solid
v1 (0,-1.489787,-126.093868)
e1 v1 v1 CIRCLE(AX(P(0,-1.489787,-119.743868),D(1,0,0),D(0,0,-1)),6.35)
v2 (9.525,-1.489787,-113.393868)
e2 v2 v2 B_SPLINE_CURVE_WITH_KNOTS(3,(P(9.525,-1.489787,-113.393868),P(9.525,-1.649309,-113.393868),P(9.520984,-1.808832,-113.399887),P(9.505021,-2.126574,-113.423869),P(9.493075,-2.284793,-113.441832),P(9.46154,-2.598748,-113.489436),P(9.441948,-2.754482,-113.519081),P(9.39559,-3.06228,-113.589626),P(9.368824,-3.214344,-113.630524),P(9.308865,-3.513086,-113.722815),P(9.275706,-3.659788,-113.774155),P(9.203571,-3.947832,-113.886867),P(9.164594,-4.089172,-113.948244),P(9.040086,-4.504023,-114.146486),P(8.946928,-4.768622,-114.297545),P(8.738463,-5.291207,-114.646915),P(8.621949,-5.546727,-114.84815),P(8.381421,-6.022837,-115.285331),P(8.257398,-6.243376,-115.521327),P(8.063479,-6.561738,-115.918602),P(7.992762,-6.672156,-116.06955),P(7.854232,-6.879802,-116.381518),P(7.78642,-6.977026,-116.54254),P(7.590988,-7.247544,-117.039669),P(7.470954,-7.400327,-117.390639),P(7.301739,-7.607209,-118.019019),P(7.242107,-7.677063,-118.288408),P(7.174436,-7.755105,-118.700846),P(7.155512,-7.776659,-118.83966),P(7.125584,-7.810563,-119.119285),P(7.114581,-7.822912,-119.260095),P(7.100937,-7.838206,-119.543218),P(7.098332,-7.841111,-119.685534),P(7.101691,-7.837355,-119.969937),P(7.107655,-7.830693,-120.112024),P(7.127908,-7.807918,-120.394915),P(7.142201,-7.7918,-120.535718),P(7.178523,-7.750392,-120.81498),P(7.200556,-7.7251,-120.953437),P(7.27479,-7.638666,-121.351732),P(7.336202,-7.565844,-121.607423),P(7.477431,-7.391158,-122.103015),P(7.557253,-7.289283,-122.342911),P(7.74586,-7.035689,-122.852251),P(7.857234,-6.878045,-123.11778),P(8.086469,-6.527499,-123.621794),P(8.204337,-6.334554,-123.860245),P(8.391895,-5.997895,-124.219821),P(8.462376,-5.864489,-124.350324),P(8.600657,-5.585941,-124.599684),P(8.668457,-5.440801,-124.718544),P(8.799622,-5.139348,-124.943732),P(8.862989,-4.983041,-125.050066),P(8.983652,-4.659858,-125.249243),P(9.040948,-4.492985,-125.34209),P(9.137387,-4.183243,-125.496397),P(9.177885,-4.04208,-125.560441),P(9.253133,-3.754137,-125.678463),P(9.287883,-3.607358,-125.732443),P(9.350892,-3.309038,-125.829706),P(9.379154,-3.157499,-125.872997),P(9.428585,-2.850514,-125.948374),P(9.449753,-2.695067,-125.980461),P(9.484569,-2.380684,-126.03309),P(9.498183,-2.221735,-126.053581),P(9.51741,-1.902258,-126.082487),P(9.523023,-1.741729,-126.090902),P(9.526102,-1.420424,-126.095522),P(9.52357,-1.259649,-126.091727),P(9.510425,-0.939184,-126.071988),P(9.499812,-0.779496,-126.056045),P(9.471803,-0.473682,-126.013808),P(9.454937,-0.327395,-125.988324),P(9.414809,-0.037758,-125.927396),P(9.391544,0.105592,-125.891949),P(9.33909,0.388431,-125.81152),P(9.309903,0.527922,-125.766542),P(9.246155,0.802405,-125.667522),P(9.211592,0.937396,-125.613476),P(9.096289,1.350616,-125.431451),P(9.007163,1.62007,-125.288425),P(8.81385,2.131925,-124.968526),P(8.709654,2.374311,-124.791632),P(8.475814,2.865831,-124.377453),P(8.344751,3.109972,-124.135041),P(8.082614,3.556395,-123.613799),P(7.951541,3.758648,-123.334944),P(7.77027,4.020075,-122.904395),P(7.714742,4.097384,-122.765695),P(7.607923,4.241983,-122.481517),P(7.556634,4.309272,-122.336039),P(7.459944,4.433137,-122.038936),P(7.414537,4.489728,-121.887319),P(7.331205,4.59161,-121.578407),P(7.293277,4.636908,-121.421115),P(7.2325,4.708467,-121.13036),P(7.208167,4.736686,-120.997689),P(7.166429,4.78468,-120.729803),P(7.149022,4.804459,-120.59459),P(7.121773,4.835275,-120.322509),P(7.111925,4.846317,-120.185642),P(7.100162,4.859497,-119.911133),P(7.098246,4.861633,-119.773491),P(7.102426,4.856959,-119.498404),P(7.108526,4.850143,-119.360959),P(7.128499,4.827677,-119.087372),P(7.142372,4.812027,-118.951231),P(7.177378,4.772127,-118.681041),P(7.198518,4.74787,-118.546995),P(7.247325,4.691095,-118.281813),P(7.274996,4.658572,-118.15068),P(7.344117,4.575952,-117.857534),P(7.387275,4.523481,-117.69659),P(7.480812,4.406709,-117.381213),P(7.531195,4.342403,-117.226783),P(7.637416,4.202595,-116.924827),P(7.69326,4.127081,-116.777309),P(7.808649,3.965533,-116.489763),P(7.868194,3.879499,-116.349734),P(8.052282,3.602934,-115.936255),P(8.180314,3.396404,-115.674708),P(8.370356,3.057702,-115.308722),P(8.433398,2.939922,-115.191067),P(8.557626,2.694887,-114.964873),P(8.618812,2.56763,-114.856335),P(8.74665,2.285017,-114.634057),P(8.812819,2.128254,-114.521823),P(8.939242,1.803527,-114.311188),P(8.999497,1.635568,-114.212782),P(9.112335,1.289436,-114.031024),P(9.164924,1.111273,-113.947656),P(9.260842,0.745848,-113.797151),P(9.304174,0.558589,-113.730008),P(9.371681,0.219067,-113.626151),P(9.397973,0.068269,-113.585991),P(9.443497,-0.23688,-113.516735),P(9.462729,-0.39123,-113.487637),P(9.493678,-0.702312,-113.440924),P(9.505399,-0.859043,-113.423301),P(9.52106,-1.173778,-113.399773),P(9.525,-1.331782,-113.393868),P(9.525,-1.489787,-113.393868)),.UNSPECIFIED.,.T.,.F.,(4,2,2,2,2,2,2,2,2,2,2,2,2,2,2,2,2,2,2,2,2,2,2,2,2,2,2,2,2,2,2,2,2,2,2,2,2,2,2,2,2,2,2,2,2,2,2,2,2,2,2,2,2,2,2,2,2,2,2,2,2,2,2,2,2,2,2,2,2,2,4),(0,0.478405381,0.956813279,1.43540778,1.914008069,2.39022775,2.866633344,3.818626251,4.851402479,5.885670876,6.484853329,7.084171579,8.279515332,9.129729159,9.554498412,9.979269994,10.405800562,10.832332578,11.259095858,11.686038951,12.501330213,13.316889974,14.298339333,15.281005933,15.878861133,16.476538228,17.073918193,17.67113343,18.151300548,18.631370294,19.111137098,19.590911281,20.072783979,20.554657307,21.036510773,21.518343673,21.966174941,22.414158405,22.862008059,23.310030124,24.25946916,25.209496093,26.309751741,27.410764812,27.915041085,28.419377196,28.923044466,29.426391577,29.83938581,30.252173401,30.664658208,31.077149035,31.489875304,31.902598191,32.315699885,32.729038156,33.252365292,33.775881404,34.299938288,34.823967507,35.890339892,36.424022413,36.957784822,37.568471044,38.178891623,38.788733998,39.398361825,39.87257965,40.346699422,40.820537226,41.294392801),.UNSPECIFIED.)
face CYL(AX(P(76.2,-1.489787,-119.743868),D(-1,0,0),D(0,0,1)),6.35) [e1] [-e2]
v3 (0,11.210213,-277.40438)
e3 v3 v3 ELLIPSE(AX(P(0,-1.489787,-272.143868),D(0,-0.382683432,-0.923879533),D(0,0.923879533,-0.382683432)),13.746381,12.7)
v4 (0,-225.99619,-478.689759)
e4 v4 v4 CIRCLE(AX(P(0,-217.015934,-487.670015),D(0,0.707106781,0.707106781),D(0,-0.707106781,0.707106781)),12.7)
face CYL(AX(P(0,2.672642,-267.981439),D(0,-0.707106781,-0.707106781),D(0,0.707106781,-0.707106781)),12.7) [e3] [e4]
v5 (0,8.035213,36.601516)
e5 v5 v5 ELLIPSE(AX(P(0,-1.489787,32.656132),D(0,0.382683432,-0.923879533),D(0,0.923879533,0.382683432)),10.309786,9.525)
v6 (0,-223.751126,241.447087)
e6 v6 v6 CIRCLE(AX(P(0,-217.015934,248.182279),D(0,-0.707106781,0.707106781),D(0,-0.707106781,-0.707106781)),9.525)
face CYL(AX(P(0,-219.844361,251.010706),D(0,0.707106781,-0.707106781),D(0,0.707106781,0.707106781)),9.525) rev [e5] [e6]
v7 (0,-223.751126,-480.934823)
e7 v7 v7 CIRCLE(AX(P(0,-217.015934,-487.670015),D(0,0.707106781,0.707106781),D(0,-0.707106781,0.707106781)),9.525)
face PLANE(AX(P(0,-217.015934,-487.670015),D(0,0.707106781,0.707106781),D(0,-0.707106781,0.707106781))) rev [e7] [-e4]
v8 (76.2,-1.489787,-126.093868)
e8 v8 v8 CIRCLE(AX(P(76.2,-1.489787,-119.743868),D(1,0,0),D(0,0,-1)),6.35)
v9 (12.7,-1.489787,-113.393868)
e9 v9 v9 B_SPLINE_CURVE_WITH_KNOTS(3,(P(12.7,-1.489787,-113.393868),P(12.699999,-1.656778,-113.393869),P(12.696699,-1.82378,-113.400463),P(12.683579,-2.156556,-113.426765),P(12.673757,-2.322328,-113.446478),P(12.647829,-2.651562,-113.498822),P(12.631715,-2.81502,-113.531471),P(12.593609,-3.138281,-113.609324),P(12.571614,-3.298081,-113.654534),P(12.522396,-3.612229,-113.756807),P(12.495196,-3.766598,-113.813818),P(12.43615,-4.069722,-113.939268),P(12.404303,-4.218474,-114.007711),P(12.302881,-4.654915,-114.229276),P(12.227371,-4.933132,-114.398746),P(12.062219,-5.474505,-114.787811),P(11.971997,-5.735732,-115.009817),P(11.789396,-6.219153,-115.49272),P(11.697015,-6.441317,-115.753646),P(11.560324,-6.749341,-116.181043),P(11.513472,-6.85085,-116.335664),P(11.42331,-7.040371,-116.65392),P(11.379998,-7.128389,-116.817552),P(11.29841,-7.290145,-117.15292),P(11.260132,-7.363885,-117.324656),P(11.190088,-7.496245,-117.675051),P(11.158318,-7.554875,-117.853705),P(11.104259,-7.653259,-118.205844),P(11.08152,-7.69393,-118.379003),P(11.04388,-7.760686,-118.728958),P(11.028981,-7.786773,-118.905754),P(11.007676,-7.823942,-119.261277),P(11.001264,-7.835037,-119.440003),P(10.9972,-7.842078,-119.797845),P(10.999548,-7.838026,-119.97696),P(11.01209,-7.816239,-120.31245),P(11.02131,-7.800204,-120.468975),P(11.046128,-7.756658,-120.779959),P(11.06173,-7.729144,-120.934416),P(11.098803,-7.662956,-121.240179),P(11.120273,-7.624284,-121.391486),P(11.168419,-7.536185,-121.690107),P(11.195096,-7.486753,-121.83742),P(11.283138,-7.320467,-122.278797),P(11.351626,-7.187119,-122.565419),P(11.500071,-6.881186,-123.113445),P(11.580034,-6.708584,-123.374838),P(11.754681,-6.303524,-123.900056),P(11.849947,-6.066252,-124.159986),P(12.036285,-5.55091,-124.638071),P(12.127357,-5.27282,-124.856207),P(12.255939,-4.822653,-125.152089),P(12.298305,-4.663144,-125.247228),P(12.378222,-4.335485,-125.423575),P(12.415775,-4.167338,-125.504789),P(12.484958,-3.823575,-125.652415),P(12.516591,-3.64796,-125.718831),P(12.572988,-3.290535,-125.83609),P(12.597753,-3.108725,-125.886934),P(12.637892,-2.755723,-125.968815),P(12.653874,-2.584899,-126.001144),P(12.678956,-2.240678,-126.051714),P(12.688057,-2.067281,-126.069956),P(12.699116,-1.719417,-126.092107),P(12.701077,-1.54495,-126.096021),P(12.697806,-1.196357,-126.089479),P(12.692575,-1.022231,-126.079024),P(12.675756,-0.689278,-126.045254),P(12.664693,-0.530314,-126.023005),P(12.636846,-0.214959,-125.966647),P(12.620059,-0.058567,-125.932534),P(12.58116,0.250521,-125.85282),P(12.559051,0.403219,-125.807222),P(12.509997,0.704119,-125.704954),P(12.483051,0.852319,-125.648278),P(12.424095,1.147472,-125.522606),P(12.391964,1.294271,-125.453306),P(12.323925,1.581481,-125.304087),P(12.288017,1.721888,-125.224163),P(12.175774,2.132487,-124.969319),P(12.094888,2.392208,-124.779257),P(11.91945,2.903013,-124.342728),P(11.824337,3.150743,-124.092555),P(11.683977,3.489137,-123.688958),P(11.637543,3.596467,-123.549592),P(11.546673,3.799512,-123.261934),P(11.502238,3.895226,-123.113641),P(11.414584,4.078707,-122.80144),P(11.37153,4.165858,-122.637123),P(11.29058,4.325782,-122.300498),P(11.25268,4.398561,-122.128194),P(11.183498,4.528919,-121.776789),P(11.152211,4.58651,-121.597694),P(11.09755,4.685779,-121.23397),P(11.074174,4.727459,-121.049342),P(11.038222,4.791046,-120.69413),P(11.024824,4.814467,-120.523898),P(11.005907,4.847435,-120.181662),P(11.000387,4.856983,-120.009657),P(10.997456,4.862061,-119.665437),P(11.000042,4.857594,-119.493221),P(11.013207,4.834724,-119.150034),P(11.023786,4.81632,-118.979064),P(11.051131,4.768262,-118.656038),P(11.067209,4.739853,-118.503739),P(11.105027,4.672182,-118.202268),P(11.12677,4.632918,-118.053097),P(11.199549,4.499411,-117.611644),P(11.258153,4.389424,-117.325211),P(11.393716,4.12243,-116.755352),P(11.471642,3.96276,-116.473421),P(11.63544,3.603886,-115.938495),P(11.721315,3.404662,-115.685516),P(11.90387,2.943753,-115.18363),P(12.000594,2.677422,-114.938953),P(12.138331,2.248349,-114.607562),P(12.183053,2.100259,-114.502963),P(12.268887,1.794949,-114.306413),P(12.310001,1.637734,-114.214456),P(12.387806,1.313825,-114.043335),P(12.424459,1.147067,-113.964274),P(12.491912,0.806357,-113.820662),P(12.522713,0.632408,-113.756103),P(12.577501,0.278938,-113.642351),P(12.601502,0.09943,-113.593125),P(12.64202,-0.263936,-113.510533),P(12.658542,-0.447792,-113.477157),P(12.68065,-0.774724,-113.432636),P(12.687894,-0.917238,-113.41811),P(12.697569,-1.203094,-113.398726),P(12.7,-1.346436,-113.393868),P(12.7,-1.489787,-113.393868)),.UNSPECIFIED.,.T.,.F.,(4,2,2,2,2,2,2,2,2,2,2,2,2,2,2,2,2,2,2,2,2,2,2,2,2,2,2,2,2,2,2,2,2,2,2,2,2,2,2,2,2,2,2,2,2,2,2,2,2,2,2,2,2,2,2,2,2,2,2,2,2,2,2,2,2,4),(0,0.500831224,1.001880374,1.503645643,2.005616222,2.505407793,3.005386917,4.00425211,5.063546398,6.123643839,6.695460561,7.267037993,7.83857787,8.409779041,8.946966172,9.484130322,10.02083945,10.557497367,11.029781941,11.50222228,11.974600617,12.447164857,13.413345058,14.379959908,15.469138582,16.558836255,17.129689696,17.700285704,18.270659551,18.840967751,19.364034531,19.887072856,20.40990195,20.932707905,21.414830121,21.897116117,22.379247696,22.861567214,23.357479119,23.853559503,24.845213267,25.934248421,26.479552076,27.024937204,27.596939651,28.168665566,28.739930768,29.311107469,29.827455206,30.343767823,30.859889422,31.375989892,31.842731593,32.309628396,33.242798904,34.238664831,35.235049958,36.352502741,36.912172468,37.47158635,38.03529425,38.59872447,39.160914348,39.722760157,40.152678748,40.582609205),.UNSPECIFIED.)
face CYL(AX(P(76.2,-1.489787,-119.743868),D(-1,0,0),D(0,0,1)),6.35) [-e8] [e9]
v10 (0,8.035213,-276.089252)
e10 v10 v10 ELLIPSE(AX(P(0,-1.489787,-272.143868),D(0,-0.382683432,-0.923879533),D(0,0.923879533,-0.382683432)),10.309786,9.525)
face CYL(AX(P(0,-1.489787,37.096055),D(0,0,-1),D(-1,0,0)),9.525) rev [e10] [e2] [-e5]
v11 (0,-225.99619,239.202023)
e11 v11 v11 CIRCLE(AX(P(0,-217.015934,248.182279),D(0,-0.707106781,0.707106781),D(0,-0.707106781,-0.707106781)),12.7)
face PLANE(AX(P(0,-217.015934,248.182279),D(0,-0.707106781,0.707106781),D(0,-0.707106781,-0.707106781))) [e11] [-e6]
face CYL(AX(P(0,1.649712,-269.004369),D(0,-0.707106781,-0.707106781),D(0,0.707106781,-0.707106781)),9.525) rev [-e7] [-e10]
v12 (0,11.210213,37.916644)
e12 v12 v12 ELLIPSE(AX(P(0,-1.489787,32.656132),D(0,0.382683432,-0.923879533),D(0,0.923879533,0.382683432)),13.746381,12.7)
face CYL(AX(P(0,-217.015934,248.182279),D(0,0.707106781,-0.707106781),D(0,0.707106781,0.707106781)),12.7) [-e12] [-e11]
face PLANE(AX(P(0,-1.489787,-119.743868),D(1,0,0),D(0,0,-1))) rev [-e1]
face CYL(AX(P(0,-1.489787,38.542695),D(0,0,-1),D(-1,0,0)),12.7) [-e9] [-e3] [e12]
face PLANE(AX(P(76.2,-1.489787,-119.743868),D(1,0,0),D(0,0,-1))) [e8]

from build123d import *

# Parameters (mm, degrees)
SWEEP1_PROFILE_R     = 12.7
CUT_SWEEP1_PROFILE_R = 9.525
SKETCH19_R           = 6.35
BOSS_EXTRUDE1_DEPTH  = 76.2


with BuildPart() as part:
    # Sweep1: sweep along a path in Sketch2
    with BuildLine(Plane(origin=(0, 0, 0), x_dir=(0, 0, -1), z_dir=(1, 0, 0))) as sweep1_path:
        Line((-248.182278836, -217.015933946), (-32.65613193, -1.489787041))
        Line((-32.65613193, -1.489787041), (272.14386807, -1.489787041))
        Line((272.14386807, -1.489787041), (487.670014975, -217.015933946))
    # Sweep1 profile (on start of the path) → Sweep1 (sweep)
    with BuildSketch(Plane(origin=(0, -217.015933946, 248.182278836), x_dir=(0, 0.7071067811865461, 0.707106781186549), z_dir=(0, 0.707106781186549, -0.7071067811865461))):
        Circle(SWEEP1_PROFILE_R)
    sweep(path=sweep1_path.line, transition=Transition.RIGHT)

    # Cut-Sweep1: sweep along a path in Sketch2<2>
    with BuildLine(Plane(origin=(0, 0, 0), x_dir=(0, 0, -1), z_dir=(1, 0, 0))) as cut_sweep1_path:
        Line((-248.182278836, -217.015933946), (-32.65613193, -1.489787041))
        Line((-32.65613193, -1.489787041), (272.14386807, -1.489787041))
        Line((272.14386807, -1.489787041), (487.670014975, -217.015933946))
    # Cut-Sweep1 profile (on start of the path) → Cut-Sweep1 (sweep, cut)
    with BuildSketch(Plane(origin=(0, -217.015933946, 248.182278836), x_dir=(0, 0.7071067811865461, 0.707106781186549), z_dir=(0, 0.707106781186549, -0.7071067811865461))):
        Circle(CUT_SWEEP1_PROFILE_R)
    sweep(path=cut_sweep1_path.line, transition=Transition.RIGHT, mode=Mode.SUBTRACT)

    # Sketch19 → Boss-Extrude1 (add)
    with BuildSketch(Plane(origin=(0, 0, 0), x_dir=(0, 0, -1), z_dir=(1, 0, 0))):
        with Locations((119.74386807, -1.489787041)):
            Circle(SKETCH19_R)
    extrude(amount=BOSS_EXTRUDE1_DEPTH)


solid = part.part
